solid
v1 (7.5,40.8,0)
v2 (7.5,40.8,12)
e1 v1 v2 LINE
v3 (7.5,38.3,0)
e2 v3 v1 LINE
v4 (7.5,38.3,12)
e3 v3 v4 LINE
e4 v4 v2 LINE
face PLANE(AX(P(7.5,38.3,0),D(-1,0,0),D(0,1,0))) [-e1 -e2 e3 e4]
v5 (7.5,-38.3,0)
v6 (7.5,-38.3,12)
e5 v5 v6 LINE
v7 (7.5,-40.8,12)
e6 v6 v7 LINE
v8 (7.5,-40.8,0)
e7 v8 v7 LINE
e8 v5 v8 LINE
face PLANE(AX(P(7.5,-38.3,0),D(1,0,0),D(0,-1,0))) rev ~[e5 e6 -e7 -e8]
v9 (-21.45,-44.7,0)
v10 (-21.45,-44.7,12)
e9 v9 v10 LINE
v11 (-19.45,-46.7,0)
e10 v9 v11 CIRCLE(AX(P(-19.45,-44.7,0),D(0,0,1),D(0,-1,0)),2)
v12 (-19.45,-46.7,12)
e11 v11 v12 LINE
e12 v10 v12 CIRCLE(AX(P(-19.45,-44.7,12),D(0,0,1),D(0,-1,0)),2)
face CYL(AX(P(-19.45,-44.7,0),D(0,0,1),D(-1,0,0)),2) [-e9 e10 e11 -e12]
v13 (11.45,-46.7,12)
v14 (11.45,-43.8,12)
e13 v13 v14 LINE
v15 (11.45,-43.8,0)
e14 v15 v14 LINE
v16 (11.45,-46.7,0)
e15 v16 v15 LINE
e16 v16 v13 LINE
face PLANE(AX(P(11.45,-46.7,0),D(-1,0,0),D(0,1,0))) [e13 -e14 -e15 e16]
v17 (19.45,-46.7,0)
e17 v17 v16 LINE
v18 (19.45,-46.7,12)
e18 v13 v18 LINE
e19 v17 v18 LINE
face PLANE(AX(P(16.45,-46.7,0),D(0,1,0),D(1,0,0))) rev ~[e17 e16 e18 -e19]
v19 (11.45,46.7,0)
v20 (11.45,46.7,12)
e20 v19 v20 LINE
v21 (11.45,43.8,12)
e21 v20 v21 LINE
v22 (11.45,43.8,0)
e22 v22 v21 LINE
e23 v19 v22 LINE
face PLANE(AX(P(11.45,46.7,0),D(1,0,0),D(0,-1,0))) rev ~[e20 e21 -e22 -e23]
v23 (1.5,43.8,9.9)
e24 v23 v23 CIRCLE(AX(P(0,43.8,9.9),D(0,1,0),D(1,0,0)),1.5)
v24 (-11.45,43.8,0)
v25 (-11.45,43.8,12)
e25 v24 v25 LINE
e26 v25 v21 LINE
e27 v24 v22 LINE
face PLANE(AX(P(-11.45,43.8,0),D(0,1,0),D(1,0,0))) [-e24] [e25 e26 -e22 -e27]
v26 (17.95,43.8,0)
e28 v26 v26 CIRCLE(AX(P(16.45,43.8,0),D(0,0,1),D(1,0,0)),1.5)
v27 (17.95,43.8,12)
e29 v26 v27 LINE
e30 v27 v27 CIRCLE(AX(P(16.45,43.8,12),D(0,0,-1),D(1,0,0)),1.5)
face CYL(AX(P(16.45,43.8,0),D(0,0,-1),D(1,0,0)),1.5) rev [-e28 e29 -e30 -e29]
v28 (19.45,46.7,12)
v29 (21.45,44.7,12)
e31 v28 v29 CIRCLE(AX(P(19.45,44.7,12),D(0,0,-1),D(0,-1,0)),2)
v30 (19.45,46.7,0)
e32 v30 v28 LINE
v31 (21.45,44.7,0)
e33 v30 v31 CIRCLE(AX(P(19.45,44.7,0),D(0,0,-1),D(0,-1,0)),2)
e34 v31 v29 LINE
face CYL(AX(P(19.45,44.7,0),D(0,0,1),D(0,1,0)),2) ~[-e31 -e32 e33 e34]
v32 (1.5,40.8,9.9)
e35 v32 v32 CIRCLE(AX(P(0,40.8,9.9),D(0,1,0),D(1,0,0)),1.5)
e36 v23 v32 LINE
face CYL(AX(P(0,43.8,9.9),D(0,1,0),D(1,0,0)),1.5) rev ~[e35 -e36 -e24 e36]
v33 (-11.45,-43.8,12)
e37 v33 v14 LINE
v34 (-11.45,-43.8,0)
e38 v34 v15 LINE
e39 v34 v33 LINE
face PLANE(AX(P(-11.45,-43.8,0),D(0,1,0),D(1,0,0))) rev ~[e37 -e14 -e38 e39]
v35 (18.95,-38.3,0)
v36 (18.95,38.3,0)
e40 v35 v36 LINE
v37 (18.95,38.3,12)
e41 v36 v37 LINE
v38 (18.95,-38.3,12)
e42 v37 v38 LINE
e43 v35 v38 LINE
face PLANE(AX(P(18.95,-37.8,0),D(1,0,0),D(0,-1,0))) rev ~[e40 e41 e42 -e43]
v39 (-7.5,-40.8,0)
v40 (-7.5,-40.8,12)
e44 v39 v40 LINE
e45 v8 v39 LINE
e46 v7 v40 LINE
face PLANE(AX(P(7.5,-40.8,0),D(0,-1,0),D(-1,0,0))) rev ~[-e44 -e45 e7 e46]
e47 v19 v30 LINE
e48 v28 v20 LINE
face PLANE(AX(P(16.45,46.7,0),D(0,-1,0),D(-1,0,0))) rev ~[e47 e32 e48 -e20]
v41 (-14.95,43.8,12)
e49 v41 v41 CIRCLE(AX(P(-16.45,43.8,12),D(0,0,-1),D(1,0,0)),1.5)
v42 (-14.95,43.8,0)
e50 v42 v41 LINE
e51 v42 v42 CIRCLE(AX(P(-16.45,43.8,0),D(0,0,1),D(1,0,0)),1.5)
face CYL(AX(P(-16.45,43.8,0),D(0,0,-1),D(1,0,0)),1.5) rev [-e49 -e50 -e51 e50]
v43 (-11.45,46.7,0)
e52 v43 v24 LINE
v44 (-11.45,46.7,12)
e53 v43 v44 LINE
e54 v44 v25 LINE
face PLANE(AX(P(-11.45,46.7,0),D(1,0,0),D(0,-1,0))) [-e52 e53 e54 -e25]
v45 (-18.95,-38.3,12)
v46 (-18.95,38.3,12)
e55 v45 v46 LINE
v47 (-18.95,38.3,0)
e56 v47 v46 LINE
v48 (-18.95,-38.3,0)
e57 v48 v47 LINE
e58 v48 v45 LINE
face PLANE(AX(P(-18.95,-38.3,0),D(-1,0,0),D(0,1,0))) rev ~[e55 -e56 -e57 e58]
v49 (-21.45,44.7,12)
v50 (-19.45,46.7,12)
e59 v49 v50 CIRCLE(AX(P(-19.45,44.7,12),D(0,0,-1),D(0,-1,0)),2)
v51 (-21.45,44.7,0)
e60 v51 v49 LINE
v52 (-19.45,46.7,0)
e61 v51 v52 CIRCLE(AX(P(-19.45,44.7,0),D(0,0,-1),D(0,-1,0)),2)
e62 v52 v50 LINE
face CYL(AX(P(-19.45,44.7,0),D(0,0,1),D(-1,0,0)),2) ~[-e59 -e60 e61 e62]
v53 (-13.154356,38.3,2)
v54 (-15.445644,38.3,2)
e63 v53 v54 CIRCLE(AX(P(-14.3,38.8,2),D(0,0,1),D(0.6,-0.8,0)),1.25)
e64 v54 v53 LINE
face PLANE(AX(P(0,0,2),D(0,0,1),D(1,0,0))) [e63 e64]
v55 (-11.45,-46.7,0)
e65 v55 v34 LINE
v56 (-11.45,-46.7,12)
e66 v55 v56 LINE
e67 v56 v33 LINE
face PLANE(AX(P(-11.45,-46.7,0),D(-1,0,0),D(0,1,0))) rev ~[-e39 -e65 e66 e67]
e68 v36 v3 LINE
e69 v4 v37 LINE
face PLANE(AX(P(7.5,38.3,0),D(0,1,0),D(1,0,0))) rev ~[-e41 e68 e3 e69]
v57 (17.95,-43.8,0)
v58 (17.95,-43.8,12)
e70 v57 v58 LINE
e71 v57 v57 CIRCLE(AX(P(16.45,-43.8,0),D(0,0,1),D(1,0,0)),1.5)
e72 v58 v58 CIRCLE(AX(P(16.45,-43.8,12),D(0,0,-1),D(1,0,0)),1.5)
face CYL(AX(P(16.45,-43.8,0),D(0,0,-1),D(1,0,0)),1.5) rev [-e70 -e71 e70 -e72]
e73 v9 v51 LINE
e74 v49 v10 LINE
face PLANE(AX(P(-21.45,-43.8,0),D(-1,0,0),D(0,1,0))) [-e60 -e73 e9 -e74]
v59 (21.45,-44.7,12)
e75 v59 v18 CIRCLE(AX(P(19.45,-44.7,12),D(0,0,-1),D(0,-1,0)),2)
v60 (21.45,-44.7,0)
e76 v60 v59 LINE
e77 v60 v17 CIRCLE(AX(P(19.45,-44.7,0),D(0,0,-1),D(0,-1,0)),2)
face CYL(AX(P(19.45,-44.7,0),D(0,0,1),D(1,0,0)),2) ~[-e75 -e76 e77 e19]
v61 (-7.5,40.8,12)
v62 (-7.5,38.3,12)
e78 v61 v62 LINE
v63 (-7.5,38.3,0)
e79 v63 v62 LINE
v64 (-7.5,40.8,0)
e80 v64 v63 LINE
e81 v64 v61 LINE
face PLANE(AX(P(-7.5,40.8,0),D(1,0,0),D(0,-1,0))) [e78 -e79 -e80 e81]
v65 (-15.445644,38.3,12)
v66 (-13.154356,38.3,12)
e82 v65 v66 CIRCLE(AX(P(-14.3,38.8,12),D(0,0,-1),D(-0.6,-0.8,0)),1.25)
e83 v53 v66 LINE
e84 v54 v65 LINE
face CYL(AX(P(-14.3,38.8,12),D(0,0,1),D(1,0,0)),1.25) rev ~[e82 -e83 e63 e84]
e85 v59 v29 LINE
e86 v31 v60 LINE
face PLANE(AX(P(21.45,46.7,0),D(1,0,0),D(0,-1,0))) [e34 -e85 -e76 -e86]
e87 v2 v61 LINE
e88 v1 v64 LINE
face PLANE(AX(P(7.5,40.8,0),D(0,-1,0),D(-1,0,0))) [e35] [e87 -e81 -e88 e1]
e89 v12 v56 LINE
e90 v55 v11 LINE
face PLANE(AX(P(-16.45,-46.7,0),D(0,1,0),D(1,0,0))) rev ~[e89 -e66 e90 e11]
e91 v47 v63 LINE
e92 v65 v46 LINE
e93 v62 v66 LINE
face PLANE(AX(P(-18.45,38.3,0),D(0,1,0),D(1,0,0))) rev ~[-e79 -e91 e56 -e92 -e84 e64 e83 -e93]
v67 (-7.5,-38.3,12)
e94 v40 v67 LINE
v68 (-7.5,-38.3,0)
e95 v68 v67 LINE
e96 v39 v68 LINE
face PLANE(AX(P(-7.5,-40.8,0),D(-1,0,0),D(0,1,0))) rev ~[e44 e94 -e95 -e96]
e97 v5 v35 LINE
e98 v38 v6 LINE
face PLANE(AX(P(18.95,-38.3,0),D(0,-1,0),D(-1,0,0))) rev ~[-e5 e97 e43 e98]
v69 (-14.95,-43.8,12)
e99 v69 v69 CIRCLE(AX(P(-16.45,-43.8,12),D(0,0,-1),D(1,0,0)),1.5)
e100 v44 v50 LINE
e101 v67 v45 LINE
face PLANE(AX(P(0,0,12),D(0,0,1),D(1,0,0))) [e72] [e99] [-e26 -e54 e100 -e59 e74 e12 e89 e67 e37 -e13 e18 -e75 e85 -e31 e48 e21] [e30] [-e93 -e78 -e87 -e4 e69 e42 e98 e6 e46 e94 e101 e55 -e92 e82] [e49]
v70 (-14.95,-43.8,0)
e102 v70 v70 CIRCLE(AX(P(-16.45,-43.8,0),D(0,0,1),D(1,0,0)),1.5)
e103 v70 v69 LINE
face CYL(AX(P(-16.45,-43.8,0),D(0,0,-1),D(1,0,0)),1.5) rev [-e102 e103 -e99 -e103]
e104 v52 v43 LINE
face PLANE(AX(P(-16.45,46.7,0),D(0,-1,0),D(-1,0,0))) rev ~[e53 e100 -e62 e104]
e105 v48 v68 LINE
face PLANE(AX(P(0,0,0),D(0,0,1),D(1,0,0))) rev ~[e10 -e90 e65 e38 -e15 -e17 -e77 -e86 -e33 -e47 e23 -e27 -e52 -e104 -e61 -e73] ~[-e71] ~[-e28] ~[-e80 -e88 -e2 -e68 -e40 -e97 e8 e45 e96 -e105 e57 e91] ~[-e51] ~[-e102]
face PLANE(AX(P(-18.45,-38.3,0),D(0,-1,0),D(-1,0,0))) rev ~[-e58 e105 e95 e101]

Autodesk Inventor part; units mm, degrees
ref_plane "YZ Plane" through (0, 0, 0) normal (1, 0, 0) x (0, 1, 0)
ref_plane "XZ Plane" through (0, 0, 0) normal (0, 1, 0) x (-1, 0, 0)
ref_plane "XY Plane" through (0, 0, 0) normal (0, 0, 1) x (1, 0, 0)
sketch "Эскиз1" plane through (0, 0, 0) normal (0, 0, 1) x (1, 0, 0)
  line L0 (-18.25, -37.6) -> (18.25, -37.6)
  line L1 (18.25, -37.6) -> (18.25, 37.6)
  line L2 (18.25, 37.6) -> (-18.25, 37.6)
  line L3 (-18.25, 37.6) -> (-18.25, -37.6)
  line L4 (-18.25, 0) -> (18.25, 0) construction
  line L5 (0, 37.6) -> (0, -37.6) construction
  line L6 (-18.45, -37.8) -> (18.45, -37.8)
  line L7 (18.45, -37.8) -> (18.45, 37.8)
  line L8 (18.45, 37.8) -> (-18.45, 37.8)
  line L9 (-18.45, 37.8) -> (-18.45, -37.8)
  line L10 (-7.5, -37.8) -> (7.5, -37.8)
  line L11 (7.5, -37.8) -> (7.5, -40.8)
  line L12 (7.5, -40.8) -> (-7.5, -40.8)
  line L13 (-7.5, -40.8) -> (-7.5, -37.8)
  line L14 (-18.45, -37.8) -> (-18.45, -43.8)
  line L15 (-18.45, -43.8) -> (18.45, -43.8)
  line L16 (18.45, -43.8) -> (18.45, -37.8)
  line L17 (-18.45, 43.8) -> (18.45, 43.8)
  line L18 (-18.45, 37.8) -> (-18.45, 43.8)
  line L19 (18.45, 43.8) -> (18.45, 37.8)
  line L20 (-18.45, -43.8) -> (-21.45, -43.8)
  line L21 (-21.45, -43.8) -> (-21.45, 43.8)
  line L22 (-21.45, 43.8) -> (-18.45, 43.8)
  line L23 (-18.45, 43.8) -> (-18.45, -43.8)
  line L24 (21.45, 43.8) -> (18.45, 43.8)
  line L25 (18.45, 37.8) -> (18.45, 43.8)
  line L26 (18.45, 43.8) -> (18.45, -43.8)
  line L27 (21.45, -43.8) -> (21.45, 43.8)
  line L28 (-7.5, 40.8) -> (-7.5, 37.8)
  line L29 (7.5, 40.8) -> (-7.5, 40.8)
  line L30 (7.5, 37.8) -> (7.5, 40.8)
  line L31 (-21.45, -43.8) -> (-11.45, -43.8)
  line L32 (18.45, -43.8) -> (21.45, -43.8)
  line L33 (21.45, -43.8) -> (11.45, -43.8)
  line L34 (16.45, 46.7) -> (21.45, 46.7)
  line L35 (16.45, 46.7) -> (11.45, 46.7)
  line L36 (11.45, 46.7) -> (11.45, 43.8)
  line L37 (21.45, 46.7) -> (21.45, 43.8)
  line L38 (11.45, 43.8) -> (16.45, 43.8)
  line L39 (-11.45, 46.7) -> (-11.45, 43.8)
  line L40 (-16.45, 46.7) -> (-11.45, 46.7)
  line L41 (-16.45, 46.7) -> (-21.45, 46.7)
  line L42 (-21.45, 46.7) -> (-21.45, 43.8)
  line L43 (-16.45, -46.7) -> (-21.45, -46.7)
  line L44 (-21.45, -46.7) -> (-21.45, -43.8)
  line L45 (-16.45, -46.7) -> (-11.45, -46.7)
  line L46 (-11.45, -46.7) -> (-11.45, -43.8)
  line L47 (11.45, -46.7) -> (11.45, -43.8)
  line L48 (16.45, -46.7) -> (11.45, -46.7)
  line L49 (16.45, -46.7) -> (21.45, -46.7)
  line L50 (21.45, -46.7) -> (21.45, -43.8)
  circle A0 centre (16.45, -43.8) radius 1.5
  circle A1 centre (-16.45, -43.8) radius 1.5
  circle A2 centre (16.45, 43.8) radius 1.5
  circle A3 centre (-16.45, 43.8) radius 1.5
  line L51 (0, 0) -> (-14.3, 0) construction
  line L52 (-14.3, 0) -> (-14.3, 38.8) construction
  line L53 (-14.3, 38.8) -> (0, 38.8) construction
  line L54 (0, 38.8) -> (0, 0) construction
  circle A4 centre (-14.3, 38.8) radius 1.25
  line L55 (18.45, -37.8) -> (18.95, -37.8)
  line L56 (18.95, -37.8) -> (18.95, -38.3)
  line L57 (18.95, -38.3) -> (18.45, -38.3)
  line L58 (18.45, -38.3) -> (18.45, -37.8)
  line L59 (18.95, -38.3) -> (-18.95, -38.3)
  line L60 (-18.95, -38.3) -> (-18.95, 38.3)
  line L61 (-18.95, 38.3) -> (18.95, 38.3)
  line L62 (18.95, 38.3) -> (18.95, -38.3)
  point P0 (-1.9914, -32.8601)
  point P1 (0, -37.8)
  point P2 (-15.05, 37.8)
  point P3 (-13.55, 37.8)
  point P4 (7.5, -38.3)
  point P5 (-7.5, -38.3)
  point P6 (-7.5, 38.3)
  point P7 (7.5, 38.3)
  dimension "d0" = 36.5
  dimension "d1" = 75.2
  dimension "d2" = 36.9
  dimension "d3" = 75.6
  dimension "d4" = 15
  dimension "d5" = 3
  dimension "d6" = 6
  dimension "d7" = 3
  dimension "d8" = 5
  dimension "d10" = 3
  dimension "d11" = 3
  dimension "d12" = 3
  dimension "d13" = 3
  dimension "d19" = 14.3
  dimension "d20" = 38.8
  dimension "d21" = 2.5
  dimension "d28" = 0.5
  dimension "d29" = 0.5
  dimension "d30" = 37.9
  dimension "d31" = 76.6
extrude "Выдавливание1" add sketch "Эскиз1" along normal blind 12 contours L61 L18 L17 A3 A2 L19 L30 L29 L28 A4 | A4 L61 | L61 L60 L59 L14 L20 L21 L22 L18 | L59 L13 L12 L11 L16 L15 A0 A1 L14 | L22 L42 L41 L40 L39 L17 A3 | L15 A1 L46 L45 L43 L44 L20 | L19 L24 L27 L32 L16 L57 L56 L62 L61 | L17 A2 L36 L35 L34 L37 L24 | L32 L50 L49 L48 L47 L15 A0
fillet "Сопряжение1" radius 2 4 edges at (-21.45, 46.7, 6) (21.45, 46.7, 6) (-21.45, -46.7, 6) (21.45, -46.7, 6)
extrude "Выдавливание3" cut sketch "Эскиз1" against normal blind 10 from surface at 12 contours A4 L61 L8 | A4 L61
sketch "Эскиз2" plane through (-11.45, 43.8, 0) normal (0, 1, 0) x (1, 0, 0)
  line L0 (32.9, 0) -> (32.9, -12) construction
  line L1 (32.9, -6) -> (-10, -6) construction
  line L2 (-10, -12) -> (-10, 0) construction
  line L3 (3.95, -12) -> (18.95, -12) construction
  line L4 (11.45, -12) -> (11.45, 0) construction
  line L5 (32.9, -12) -> (30.9, -12) construction
  line L6 (32.9, -12) -> (11.45, -12) construction
  line L7 (11.45, -12) -> (11.45, -9.9) construction
  line L8 (11.45, -9.9) -> (32.9, -9.9) construction
  line L9 (32.9, -9.9) -> (32.9, -12) construction
  circle A0 centre (11.45, -9.9) radius 1.5
  dimension "d24" = 2.1
  dimension "d25" = 3
extrude "Выдавливание4" cut sketch "Эскиз2" against normal blind 3
properties part number "fast_akkum2"
